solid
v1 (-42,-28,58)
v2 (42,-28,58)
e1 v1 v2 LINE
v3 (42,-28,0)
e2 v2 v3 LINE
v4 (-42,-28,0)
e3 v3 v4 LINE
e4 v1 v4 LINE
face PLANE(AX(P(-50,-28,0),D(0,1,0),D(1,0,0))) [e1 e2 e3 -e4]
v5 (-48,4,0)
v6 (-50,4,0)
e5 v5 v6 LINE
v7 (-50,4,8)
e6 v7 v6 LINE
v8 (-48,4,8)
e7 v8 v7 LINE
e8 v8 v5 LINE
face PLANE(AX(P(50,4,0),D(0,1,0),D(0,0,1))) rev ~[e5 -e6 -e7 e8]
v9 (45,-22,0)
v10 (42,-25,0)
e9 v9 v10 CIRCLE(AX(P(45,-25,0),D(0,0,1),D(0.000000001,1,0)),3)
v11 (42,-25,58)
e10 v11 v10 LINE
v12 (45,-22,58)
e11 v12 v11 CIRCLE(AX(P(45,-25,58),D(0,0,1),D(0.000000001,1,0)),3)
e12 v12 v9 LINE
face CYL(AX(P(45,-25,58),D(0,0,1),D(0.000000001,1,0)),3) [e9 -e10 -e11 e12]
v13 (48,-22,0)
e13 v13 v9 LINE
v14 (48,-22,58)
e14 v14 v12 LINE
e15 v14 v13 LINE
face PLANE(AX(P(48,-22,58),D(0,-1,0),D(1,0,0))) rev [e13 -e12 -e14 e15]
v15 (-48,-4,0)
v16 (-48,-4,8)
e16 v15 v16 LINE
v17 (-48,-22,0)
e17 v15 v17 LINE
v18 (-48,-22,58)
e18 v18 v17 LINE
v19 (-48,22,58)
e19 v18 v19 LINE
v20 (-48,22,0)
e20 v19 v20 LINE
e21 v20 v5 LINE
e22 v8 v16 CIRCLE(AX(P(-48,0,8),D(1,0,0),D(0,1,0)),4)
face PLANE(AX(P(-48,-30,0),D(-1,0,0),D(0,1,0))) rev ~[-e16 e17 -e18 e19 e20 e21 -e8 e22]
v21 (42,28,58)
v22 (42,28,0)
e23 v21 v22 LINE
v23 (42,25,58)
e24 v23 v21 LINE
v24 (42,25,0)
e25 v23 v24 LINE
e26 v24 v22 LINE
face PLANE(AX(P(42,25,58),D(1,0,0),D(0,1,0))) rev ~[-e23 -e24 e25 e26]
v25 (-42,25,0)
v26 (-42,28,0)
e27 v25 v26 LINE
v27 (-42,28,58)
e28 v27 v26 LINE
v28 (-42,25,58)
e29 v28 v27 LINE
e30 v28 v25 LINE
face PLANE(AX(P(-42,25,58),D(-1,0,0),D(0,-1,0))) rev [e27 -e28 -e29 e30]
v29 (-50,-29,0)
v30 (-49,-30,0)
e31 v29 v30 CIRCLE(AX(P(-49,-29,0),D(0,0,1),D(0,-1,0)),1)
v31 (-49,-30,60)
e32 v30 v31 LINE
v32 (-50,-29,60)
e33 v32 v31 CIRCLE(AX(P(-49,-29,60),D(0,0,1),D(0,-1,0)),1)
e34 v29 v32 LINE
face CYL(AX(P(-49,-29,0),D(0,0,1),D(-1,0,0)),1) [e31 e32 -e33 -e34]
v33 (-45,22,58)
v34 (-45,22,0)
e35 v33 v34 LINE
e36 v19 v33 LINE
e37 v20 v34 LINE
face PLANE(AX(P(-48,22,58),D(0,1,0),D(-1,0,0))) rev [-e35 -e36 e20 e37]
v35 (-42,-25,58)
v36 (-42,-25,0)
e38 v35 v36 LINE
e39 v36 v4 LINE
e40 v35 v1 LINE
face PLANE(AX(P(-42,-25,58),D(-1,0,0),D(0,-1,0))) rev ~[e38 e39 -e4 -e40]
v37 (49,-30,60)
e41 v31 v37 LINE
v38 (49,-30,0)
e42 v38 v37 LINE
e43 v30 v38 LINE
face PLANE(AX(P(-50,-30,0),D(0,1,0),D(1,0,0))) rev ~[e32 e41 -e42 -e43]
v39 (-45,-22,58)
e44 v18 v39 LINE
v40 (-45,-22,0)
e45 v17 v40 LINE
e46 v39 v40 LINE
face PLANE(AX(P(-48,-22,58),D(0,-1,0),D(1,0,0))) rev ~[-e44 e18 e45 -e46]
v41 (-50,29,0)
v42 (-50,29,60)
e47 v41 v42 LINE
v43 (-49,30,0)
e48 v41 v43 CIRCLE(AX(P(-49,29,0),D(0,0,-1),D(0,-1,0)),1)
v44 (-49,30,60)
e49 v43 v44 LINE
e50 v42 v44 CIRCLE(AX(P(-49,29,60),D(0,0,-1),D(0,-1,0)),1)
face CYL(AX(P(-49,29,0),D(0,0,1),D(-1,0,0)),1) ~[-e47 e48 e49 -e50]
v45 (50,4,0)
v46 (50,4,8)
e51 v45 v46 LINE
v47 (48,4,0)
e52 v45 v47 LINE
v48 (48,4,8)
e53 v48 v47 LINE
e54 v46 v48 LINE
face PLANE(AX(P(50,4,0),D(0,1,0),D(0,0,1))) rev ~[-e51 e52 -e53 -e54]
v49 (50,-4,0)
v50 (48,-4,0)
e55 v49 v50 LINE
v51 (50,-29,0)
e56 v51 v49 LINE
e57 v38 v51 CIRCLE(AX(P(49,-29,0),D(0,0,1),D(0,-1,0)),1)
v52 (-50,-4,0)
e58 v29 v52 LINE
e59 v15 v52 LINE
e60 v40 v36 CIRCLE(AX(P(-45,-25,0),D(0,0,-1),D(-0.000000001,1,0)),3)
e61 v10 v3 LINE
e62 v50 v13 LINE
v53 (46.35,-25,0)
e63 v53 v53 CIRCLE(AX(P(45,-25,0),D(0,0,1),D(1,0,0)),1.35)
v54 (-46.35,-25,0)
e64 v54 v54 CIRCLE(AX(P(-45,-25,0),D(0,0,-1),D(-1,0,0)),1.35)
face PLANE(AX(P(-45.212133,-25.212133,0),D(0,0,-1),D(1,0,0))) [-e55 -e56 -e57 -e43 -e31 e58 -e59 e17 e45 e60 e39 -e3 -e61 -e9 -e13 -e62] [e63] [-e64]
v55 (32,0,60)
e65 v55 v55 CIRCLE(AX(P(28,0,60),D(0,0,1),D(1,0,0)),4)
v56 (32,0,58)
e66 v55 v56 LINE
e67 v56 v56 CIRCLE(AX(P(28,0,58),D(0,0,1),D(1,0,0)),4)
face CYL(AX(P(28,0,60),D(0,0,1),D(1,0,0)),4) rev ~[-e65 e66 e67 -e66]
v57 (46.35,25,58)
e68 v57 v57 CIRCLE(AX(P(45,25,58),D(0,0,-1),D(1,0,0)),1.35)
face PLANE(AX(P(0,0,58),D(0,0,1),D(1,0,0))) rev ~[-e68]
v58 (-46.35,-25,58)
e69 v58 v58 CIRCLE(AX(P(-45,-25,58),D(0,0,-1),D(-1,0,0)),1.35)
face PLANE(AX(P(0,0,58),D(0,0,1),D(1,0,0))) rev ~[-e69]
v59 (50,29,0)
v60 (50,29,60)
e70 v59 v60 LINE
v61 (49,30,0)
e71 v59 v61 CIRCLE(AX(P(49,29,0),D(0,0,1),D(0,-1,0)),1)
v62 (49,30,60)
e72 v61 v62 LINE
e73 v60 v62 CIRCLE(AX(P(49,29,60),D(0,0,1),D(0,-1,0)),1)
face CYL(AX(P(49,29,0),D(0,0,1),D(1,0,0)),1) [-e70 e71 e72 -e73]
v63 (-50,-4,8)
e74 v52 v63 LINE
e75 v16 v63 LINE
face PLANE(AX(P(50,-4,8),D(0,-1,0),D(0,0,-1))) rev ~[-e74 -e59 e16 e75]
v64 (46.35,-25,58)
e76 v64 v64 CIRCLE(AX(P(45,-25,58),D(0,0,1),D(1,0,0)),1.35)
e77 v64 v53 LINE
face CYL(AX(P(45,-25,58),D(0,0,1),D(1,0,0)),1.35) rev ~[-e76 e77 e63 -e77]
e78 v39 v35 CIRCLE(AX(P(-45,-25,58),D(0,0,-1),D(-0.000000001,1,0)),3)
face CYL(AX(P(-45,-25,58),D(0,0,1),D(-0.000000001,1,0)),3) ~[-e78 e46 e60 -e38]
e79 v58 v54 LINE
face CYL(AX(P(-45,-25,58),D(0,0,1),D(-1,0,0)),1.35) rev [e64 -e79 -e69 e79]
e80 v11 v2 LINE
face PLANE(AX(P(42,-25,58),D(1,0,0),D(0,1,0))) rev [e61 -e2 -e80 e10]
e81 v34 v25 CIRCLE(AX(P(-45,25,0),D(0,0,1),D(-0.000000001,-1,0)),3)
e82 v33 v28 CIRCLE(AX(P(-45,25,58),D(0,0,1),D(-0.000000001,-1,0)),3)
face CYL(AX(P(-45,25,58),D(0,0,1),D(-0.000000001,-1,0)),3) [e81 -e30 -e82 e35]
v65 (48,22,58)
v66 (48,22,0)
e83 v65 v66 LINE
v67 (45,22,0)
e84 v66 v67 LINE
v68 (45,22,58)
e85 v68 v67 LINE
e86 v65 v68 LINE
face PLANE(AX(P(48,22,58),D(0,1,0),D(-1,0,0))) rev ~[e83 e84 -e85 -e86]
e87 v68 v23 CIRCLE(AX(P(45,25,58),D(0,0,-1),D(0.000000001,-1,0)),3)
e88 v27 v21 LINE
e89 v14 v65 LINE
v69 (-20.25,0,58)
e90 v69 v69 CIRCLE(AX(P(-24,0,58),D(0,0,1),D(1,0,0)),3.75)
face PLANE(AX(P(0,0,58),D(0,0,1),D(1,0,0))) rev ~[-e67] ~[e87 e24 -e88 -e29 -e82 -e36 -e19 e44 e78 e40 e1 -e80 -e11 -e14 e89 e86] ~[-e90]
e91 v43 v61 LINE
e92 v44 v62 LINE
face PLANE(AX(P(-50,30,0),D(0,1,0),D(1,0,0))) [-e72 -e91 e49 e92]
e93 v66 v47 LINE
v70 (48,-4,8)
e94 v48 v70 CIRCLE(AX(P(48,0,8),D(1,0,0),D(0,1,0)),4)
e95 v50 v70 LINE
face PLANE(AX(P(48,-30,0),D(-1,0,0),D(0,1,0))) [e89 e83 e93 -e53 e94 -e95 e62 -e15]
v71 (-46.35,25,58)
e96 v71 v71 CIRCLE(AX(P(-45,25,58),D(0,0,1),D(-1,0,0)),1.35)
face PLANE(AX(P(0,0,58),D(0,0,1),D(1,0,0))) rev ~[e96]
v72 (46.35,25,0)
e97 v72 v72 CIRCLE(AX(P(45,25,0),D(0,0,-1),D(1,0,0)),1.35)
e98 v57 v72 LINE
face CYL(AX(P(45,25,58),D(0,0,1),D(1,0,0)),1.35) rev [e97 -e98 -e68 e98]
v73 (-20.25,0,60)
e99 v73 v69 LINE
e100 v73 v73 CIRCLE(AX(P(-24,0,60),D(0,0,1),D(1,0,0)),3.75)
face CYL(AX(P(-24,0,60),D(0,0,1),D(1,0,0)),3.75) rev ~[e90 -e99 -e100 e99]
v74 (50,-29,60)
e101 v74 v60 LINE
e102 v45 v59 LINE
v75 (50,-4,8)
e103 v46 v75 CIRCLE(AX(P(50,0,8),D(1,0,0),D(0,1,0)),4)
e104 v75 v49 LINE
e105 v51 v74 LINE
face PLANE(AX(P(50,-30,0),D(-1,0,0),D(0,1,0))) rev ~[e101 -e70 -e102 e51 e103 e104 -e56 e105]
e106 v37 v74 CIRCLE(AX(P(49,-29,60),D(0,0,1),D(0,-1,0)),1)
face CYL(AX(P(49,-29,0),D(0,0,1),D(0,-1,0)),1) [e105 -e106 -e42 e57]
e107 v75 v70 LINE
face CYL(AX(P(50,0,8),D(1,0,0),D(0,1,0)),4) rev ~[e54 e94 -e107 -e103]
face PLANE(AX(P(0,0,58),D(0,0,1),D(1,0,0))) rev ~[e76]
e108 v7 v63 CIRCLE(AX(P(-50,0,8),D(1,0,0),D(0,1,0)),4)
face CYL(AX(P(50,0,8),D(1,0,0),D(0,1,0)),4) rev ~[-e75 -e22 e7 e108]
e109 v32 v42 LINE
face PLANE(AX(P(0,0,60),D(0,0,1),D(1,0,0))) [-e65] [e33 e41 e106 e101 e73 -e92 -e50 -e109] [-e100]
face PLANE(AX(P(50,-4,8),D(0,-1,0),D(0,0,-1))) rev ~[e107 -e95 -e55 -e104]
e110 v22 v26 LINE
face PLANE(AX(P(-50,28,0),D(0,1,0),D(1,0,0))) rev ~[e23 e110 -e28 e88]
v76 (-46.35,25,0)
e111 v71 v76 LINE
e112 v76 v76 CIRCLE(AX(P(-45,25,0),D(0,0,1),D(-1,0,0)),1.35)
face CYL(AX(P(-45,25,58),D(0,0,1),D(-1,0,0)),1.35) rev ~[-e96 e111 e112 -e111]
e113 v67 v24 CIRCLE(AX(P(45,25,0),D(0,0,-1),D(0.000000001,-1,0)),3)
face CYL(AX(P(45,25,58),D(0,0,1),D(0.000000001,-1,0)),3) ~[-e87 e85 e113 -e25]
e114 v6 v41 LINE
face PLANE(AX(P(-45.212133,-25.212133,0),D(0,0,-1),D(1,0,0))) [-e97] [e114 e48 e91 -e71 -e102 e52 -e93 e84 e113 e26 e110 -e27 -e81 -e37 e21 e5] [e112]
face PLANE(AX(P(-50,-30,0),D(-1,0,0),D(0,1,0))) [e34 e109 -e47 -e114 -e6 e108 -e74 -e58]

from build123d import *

# Parameters (mm, degrees)
SKETCH1_W               = 100
SKETCH1_H               = 60
BOSS_EXTRUDE1_DEPTH     = 60
SHELL1_T                = -2
SKETCH2_R               = 3.75
SKETCH2_R_2             = 4
CUT_EXTRUDE1_DEPTH      = 60
SKETCH3_R               = 1.35
BOSS_EXTRUDE4_DEPTH     = 58
MIRROR2_COPY_1_SKETCH_R = 1.35
MIRROR2_COPY_1_DEPTH    = 58
FILLET1_R               = 1
CUT_EXTRUDE2_DEPTH      = 121.415945788


with BuildPart() as part:
    # Sketch1 → Boss-Extrude1 (new body)
    with BuildSketch(Plane.XY):
        Rectangle(SKETCH1_W, SKETCH1_H)
    extrude(amount=BOSS_EXTRUDE1_DEPTH)

    # Shell1
    shell1_openings = [part.faces().sort_by_distance(p)[0] for p in [
        (0, 0, 0),
    ]]
    offset(amount=SHELL1_T, openings=shell1_openings, kind=Kind.INTERSECTION)

    # Sketch2 → Cut-Extrude1 (cut)
    with BuildSketch(Plane.XY.offset(60)):
        with Locations((-24, 0)):
            Circle(SKETCH2_R)
        with Locations((28, 0)):
            Circle(SKETCH2_R_2)
    extrude(amount=-CUT_EXTRUDE1_DEPTH, mode=Mode.SUBTRACT)

    # Sketch3 → Boss-Extrude4 (add)
    with BuildSketch(Plane(origin=(0, 0, 58), x_dir=(-1, 0, 0), z_dir=(0, 0, -1))):
        with BuildLine():
            Line((-42, 25), (-42, 28))
            Line((-42, 28), (-48, 28))
            Line((-48, 28), (-48, 22))
            Line((-48, 22), (-45, 22))
            ThreePointArc((-45, 22), (-42.878679656, 22.878679656), (-42, 25))
        make_face()
        with Locations(Location((-45, 25, 0), (0, 0, 180))):
            Circle(SKETCH3_R, mode=Mode.SUBTRACT)
    boss_extrude4 = extrude(amount=BOSS_EXTRUDE4_DEPTH)

    # Mirror1: Boss-Extrude4 across plane
    add(boss_extrude4.mirror(Plane(origin=(0, 0, 0), x_dir=(0, 0, 1), z_dir=(1, 0, 0))))

    # Mirror2: Boss-Extrude4 across plane
    add(boss_extrude4.mirror(Plane.ZX))

    # Mirror2 copy 1 sketch → Mirror2 copy 1 (add)
    with BuildSketch(Plane(origin=(0, 0, 58), x_dir=(1, 0, 0), z_dir=(0, 0, -1))):
        with BuildLine():
            Line((-42, 25), (-42, 28))
            Line((-42, 28), (-48, 28))
            Line((-48, 28), (-48, 22))
            Line((-48, 22), (-45, 22))
            ThreePointArc((-45, 22), (-42.878679656, 22.878679656), (-42, 25))
        make_face()
        with Locations(Location((-45, 25, 0), (0, 0, 180))):
            Circle(MIRROR2_COPY_1_SKETCH_R, mode=Mode.SUBTRACT)
    extrude(amount=MIRROR2_COPY_1_DEPTH)

    # Fillet1
    fillet1_edges = [part.edges().sort_by_distance(p)[0] for p in [
        (-50, 30, 30),
        (50, 30, 30),
        (50, -30, 30),
        (-50, -30, 30),
    ]]
    fillet(fillet1_edges, radius=FILLET1_R)

    # Sketch4 → Cut-Extrude2 (cut, through all)
    with BuildSketch(Plane(origin=(50, 0, 0), x_dir=(0, 0, -1), z_dir=(1, 0, 0))):
        with BuildLine():
            Line((-8, -4), (0, -4))
            Line((0, -4), (0, 4))
            Line((0, 4), (-8, 4))
            ThreePointArc((-8, 4), (-12, 0), (-8, -4))
        make_face()
    extrude(amount=-CUT_EXTRUDE2_DEPTH, mode=Mode.SUBTRACT)


solid = part.part
